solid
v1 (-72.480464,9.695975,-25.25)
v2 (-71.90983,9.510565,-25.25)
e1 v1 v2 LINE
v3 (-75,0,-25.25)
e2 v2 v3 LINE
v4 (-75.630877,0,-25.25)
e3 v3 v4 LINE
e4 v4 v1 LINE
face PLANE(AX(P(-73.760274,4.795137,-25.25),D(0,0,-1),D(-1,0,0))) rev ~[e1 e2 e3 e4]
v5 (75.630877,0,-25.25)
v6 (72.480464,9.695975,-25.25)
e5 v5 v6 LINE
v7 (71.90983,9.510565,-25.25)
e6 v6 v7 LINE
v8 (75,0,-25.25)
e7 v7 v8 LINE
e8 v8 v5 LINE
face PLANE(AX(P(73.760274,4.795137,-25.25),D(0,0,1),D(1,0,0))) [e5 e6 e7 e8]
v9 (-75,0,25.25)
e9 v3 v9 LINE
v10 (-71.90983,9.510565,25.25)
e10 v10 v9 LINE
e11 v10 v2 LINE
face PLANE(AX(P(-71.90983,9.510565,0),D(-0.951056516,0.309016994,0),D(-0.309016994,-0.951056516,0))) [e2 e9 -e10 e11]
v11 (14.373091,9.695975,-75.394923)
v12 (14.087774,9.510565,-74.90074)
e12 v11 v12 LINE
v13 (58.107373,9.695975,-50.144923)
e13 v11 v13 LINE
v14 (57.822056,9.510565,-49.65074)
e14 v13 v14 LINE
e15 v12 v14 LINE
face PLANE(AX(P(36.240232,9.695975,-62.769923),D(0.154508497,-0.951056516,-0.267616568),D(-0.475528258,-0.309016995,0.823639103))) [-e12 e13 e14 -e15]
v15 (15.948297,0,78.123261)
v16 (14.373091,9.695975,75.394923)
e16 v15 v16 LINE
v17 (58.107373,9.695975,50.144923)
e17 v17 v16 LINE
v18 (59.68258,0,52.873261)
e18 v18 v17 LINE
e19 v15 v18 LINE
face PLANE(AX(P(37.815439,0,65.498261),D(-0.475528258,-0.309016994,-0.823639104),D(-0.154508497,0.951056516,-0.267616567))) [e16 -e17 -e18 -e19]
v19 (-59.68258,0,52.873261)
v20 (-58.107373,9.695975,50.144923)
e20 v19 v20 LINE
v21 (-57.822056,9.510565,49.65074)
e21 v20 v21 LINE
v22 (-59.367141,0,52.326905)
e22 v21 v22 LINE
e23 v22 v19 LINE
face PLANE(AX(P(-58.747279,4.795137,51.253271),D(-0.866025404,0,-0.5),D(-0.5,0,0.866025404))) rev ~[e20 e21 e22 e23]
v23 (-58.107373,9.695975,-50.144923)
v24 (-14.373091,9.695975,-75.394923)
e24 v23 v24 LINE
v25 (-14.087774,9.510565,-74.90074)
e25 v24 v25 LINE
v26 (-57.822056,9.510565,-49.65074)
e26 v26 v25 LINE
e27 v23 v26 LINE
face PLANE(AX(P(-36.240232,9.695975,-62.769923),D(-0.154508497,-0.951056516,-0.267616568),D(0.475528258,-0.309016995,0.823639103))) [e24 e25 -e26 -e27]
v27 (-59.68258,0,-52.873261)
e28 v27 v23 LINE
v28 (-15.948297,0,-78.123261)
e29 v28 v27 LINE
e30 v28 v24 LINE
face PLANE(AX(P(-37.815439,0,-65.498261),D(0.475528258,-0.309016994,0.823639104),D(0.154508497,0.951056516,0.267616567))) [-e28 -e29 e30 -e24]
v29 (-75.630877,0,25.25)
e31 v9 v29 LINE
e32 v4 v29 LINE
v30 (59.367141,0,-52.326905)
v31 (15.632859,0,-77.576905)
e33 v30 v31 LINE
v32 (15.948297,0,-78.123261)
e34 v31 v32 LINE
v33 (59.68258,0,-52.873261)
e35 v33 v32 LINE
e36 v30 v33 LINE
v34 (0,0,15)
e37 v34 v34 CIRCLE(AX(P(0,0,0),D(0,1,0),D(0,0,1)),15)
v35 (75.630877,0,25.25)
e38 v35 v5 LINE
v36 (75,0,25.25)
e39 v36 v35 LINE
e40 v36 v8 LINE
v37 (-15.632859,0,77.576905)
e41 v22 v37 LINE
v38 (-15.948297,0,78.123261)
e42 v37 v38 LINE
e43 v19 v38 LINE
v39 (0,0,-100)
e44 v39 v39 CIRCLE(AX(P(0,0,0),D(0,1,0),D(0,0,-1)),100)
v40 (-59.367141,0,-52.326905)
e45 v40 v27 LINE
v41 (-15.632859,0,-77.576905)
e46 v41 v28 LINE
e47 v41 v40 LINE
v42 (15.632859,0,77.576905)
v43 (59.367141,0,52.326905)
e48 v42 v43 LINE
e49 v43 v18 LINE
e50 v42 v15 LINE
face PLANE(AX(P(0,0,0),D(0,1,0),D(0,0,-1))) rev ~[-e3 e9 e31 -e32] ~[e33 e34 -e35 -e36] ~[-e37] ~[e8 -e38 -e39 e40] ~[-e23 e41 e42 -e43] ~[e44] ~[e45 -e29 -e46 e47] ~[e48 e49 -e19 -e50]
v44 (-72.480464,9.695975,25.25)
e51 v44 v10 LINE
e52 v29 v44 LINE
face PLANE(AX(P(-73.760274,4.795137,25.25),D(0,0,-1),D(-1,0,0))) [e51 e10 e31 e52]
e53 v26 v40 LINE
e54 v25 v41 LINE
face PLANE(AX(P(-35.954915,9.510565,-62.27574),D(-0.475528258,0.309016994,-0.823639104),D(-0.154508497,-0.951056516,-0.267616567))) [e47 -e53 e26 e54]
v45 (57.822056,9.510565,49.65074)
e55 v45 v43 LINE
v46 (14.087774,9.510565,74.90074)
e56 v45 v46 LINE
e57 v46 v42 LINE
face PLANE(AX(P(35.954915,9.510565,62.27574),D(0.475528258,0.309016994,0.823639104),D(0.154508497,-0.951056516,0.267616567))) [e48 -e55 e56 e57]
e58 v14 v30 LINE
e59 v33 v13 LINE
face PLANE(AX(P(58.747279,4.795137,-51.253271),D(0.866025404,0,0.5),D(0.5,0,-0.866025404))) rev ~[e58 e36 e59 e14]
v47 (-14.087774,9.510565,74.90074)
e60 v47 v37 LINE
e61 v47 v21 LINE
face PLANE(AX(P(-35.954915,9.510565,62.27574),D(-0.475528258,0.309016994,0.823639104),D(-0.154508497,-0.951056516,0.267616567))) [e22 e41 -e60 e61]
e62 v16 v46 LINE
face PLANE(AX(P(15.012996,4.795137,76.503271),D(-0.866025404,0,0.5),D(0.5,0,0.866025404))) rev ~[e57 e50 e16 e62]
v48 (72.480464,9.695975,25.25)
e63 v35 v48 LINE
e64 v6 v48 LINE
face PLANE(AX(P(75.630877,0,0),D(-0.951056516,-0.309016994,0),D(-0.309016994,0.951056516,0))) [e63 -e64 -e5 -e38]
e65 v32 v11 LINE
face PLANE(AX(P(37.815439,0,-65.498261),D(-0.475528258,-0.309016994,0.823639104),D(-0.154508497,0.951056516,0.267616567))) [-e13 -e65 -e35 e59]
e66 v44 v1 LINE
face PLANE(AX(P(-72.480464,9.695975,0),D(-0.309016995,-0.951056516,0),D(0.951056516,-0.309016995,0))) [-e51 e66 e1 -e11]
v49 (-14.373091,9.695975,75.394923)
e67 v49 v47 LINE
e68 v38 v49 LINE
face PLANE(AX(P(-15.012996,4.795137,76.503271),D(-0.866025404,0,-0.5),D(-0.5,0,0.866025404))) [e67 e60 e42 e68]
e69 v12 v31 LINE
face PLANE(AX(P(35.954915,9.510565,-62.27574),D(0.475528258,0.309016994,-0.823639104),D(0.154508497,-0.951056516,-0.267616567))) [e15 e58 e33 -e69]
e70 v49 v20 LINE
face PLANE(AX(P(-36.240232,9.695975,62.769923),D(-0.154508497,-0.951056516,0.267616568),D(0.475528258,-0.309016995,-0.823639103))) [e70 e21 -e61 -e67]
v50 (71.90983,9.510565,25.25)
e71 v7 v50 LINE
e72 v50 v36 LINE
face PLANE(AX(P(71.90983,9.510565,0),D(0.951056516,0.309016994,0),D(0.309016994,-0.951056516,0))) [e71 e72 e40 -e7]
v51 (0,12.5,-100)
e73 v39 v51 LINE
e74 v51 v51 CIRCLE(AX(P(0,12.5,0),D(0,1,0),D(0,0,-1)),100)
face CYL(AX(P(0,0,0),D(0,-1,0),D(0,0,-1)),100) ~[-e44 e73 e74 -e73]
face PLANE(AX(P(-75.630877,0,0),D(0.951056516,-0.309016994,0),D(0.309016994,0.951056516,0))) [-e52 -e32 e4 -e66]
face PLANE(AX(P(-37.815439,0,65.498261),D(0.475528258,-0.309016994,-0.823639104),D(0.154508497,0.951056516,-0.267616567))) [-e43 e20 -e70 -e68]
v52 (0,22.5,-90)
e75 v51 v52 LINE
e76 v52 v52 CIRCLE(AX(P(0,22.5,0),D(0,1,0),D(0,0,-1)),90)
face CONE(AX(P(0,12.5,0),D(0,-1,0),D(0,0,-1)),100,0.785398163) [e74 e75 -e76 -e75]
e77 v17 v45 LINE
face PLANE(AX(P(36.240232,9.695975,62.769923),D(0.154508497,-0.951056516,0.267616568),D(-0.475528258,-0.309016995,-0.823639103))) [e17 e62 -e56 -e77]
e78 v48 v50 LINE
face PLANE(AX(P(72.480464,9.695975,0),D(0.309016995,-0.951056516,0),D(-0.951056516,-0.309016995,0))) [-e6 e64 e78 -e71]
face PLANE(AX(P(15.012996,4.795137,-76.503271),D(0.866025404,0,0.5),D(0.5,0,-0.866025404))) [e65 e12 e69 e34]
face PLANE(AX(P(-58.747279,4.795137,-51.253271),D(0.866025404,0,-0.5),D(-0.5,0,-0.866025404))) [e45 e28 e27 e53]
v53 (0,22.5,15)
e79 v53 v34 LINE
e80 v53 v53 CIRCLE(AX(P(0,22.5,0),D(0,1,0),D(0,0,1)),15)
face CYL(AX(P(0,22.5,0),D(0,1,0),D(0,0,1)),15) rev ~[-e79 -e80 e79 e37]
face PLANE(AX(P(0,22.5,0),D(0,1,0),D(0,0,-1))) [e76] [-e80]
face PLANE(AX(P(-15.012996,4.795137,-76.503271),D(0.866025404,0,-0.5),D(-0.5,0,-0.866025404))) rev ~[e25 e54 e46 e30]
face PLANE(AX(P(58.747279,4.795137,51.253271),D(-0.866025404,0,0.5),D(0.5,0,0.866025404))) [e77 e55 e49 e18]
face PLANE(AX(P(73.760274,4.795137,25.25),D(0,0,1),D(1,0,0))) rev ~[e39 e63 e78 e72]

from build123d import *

# Parameters (mm, degrees)
SKETCH3_R           = 100
BOSS_EXTRUDE1_DEPTH = 22.5
CHAMFER1_SIZE       = 10
CUT_EXTRUDE1_DEPTH  = 25.25
CIRPATTERN1_COUNT   = 6
SKETCH5_R           = 15
CUT_EXTRUDE2_DEPTH  = 22.5


with BuildPart() as part:
    # Sketch3 → Boss-Extrude1 (new body)
    with BuildSketch(Plane(origin=(0, 0, 0), x_dir=(1, 0, 0), z_dir=(0, 1, 0))):
        with Locations(Location((0, 0, 0), (0, 0, 90))):
            Circle(SKETCH3_R)
    extrude(amount=BOSS_EXTRUDE1_DEPTH)

    # Chamfer1
    chamfer1_edges = [part.edges().sort_by_distance(p)[0] for p in [
        (0, 22.5, 100),
    ]]
    chamfer(chamfer1_edges, length=CHAMFER1_SIZE)

    # Sketch4 → Cut-Extrude1 (cut, symmetric)
    with BuildSketch(Plane.XY):
        Polygon((-75.630877335, 0), (-72.480463966, 9.69597536), (-71.909830056, 9.510565163), (-75, 0), align=None)
    cut_extrude1 = extrude(amount=CUT_EXTRUDE1_DEPTH, both=True, mode=Mode.SUBTRACT)

    # CirPattern1: Cut-Extrude1 ×6 about axis
    cirpattern1_axis = Axis((0, 0, 0), (0, 1, 0))
    for i in range(1, CIRPATTERN1_COUNT):
        add(cut_extrude1.rotate(cirpattern1_axis, i * 360 / CIRPATTERN1_COUNT), mode=Mode.SUBTRACT)

    # Sketch5 → Cut-Extrude2 (cut)
    with BuildSketch(Plane(origin=(0, 22.5, 0), x_dir=(1, 0, 0), z_dir=(0, 1, 0))):
        with Locations(Location((0, 0, 0), (0, 0, 270))):
            Circle(SKETCH5_R)
    extrude(amount=-CUT_EXTRUDE2_DEPTH, mode=Mode.SUBTRACT)


solid = part.part
